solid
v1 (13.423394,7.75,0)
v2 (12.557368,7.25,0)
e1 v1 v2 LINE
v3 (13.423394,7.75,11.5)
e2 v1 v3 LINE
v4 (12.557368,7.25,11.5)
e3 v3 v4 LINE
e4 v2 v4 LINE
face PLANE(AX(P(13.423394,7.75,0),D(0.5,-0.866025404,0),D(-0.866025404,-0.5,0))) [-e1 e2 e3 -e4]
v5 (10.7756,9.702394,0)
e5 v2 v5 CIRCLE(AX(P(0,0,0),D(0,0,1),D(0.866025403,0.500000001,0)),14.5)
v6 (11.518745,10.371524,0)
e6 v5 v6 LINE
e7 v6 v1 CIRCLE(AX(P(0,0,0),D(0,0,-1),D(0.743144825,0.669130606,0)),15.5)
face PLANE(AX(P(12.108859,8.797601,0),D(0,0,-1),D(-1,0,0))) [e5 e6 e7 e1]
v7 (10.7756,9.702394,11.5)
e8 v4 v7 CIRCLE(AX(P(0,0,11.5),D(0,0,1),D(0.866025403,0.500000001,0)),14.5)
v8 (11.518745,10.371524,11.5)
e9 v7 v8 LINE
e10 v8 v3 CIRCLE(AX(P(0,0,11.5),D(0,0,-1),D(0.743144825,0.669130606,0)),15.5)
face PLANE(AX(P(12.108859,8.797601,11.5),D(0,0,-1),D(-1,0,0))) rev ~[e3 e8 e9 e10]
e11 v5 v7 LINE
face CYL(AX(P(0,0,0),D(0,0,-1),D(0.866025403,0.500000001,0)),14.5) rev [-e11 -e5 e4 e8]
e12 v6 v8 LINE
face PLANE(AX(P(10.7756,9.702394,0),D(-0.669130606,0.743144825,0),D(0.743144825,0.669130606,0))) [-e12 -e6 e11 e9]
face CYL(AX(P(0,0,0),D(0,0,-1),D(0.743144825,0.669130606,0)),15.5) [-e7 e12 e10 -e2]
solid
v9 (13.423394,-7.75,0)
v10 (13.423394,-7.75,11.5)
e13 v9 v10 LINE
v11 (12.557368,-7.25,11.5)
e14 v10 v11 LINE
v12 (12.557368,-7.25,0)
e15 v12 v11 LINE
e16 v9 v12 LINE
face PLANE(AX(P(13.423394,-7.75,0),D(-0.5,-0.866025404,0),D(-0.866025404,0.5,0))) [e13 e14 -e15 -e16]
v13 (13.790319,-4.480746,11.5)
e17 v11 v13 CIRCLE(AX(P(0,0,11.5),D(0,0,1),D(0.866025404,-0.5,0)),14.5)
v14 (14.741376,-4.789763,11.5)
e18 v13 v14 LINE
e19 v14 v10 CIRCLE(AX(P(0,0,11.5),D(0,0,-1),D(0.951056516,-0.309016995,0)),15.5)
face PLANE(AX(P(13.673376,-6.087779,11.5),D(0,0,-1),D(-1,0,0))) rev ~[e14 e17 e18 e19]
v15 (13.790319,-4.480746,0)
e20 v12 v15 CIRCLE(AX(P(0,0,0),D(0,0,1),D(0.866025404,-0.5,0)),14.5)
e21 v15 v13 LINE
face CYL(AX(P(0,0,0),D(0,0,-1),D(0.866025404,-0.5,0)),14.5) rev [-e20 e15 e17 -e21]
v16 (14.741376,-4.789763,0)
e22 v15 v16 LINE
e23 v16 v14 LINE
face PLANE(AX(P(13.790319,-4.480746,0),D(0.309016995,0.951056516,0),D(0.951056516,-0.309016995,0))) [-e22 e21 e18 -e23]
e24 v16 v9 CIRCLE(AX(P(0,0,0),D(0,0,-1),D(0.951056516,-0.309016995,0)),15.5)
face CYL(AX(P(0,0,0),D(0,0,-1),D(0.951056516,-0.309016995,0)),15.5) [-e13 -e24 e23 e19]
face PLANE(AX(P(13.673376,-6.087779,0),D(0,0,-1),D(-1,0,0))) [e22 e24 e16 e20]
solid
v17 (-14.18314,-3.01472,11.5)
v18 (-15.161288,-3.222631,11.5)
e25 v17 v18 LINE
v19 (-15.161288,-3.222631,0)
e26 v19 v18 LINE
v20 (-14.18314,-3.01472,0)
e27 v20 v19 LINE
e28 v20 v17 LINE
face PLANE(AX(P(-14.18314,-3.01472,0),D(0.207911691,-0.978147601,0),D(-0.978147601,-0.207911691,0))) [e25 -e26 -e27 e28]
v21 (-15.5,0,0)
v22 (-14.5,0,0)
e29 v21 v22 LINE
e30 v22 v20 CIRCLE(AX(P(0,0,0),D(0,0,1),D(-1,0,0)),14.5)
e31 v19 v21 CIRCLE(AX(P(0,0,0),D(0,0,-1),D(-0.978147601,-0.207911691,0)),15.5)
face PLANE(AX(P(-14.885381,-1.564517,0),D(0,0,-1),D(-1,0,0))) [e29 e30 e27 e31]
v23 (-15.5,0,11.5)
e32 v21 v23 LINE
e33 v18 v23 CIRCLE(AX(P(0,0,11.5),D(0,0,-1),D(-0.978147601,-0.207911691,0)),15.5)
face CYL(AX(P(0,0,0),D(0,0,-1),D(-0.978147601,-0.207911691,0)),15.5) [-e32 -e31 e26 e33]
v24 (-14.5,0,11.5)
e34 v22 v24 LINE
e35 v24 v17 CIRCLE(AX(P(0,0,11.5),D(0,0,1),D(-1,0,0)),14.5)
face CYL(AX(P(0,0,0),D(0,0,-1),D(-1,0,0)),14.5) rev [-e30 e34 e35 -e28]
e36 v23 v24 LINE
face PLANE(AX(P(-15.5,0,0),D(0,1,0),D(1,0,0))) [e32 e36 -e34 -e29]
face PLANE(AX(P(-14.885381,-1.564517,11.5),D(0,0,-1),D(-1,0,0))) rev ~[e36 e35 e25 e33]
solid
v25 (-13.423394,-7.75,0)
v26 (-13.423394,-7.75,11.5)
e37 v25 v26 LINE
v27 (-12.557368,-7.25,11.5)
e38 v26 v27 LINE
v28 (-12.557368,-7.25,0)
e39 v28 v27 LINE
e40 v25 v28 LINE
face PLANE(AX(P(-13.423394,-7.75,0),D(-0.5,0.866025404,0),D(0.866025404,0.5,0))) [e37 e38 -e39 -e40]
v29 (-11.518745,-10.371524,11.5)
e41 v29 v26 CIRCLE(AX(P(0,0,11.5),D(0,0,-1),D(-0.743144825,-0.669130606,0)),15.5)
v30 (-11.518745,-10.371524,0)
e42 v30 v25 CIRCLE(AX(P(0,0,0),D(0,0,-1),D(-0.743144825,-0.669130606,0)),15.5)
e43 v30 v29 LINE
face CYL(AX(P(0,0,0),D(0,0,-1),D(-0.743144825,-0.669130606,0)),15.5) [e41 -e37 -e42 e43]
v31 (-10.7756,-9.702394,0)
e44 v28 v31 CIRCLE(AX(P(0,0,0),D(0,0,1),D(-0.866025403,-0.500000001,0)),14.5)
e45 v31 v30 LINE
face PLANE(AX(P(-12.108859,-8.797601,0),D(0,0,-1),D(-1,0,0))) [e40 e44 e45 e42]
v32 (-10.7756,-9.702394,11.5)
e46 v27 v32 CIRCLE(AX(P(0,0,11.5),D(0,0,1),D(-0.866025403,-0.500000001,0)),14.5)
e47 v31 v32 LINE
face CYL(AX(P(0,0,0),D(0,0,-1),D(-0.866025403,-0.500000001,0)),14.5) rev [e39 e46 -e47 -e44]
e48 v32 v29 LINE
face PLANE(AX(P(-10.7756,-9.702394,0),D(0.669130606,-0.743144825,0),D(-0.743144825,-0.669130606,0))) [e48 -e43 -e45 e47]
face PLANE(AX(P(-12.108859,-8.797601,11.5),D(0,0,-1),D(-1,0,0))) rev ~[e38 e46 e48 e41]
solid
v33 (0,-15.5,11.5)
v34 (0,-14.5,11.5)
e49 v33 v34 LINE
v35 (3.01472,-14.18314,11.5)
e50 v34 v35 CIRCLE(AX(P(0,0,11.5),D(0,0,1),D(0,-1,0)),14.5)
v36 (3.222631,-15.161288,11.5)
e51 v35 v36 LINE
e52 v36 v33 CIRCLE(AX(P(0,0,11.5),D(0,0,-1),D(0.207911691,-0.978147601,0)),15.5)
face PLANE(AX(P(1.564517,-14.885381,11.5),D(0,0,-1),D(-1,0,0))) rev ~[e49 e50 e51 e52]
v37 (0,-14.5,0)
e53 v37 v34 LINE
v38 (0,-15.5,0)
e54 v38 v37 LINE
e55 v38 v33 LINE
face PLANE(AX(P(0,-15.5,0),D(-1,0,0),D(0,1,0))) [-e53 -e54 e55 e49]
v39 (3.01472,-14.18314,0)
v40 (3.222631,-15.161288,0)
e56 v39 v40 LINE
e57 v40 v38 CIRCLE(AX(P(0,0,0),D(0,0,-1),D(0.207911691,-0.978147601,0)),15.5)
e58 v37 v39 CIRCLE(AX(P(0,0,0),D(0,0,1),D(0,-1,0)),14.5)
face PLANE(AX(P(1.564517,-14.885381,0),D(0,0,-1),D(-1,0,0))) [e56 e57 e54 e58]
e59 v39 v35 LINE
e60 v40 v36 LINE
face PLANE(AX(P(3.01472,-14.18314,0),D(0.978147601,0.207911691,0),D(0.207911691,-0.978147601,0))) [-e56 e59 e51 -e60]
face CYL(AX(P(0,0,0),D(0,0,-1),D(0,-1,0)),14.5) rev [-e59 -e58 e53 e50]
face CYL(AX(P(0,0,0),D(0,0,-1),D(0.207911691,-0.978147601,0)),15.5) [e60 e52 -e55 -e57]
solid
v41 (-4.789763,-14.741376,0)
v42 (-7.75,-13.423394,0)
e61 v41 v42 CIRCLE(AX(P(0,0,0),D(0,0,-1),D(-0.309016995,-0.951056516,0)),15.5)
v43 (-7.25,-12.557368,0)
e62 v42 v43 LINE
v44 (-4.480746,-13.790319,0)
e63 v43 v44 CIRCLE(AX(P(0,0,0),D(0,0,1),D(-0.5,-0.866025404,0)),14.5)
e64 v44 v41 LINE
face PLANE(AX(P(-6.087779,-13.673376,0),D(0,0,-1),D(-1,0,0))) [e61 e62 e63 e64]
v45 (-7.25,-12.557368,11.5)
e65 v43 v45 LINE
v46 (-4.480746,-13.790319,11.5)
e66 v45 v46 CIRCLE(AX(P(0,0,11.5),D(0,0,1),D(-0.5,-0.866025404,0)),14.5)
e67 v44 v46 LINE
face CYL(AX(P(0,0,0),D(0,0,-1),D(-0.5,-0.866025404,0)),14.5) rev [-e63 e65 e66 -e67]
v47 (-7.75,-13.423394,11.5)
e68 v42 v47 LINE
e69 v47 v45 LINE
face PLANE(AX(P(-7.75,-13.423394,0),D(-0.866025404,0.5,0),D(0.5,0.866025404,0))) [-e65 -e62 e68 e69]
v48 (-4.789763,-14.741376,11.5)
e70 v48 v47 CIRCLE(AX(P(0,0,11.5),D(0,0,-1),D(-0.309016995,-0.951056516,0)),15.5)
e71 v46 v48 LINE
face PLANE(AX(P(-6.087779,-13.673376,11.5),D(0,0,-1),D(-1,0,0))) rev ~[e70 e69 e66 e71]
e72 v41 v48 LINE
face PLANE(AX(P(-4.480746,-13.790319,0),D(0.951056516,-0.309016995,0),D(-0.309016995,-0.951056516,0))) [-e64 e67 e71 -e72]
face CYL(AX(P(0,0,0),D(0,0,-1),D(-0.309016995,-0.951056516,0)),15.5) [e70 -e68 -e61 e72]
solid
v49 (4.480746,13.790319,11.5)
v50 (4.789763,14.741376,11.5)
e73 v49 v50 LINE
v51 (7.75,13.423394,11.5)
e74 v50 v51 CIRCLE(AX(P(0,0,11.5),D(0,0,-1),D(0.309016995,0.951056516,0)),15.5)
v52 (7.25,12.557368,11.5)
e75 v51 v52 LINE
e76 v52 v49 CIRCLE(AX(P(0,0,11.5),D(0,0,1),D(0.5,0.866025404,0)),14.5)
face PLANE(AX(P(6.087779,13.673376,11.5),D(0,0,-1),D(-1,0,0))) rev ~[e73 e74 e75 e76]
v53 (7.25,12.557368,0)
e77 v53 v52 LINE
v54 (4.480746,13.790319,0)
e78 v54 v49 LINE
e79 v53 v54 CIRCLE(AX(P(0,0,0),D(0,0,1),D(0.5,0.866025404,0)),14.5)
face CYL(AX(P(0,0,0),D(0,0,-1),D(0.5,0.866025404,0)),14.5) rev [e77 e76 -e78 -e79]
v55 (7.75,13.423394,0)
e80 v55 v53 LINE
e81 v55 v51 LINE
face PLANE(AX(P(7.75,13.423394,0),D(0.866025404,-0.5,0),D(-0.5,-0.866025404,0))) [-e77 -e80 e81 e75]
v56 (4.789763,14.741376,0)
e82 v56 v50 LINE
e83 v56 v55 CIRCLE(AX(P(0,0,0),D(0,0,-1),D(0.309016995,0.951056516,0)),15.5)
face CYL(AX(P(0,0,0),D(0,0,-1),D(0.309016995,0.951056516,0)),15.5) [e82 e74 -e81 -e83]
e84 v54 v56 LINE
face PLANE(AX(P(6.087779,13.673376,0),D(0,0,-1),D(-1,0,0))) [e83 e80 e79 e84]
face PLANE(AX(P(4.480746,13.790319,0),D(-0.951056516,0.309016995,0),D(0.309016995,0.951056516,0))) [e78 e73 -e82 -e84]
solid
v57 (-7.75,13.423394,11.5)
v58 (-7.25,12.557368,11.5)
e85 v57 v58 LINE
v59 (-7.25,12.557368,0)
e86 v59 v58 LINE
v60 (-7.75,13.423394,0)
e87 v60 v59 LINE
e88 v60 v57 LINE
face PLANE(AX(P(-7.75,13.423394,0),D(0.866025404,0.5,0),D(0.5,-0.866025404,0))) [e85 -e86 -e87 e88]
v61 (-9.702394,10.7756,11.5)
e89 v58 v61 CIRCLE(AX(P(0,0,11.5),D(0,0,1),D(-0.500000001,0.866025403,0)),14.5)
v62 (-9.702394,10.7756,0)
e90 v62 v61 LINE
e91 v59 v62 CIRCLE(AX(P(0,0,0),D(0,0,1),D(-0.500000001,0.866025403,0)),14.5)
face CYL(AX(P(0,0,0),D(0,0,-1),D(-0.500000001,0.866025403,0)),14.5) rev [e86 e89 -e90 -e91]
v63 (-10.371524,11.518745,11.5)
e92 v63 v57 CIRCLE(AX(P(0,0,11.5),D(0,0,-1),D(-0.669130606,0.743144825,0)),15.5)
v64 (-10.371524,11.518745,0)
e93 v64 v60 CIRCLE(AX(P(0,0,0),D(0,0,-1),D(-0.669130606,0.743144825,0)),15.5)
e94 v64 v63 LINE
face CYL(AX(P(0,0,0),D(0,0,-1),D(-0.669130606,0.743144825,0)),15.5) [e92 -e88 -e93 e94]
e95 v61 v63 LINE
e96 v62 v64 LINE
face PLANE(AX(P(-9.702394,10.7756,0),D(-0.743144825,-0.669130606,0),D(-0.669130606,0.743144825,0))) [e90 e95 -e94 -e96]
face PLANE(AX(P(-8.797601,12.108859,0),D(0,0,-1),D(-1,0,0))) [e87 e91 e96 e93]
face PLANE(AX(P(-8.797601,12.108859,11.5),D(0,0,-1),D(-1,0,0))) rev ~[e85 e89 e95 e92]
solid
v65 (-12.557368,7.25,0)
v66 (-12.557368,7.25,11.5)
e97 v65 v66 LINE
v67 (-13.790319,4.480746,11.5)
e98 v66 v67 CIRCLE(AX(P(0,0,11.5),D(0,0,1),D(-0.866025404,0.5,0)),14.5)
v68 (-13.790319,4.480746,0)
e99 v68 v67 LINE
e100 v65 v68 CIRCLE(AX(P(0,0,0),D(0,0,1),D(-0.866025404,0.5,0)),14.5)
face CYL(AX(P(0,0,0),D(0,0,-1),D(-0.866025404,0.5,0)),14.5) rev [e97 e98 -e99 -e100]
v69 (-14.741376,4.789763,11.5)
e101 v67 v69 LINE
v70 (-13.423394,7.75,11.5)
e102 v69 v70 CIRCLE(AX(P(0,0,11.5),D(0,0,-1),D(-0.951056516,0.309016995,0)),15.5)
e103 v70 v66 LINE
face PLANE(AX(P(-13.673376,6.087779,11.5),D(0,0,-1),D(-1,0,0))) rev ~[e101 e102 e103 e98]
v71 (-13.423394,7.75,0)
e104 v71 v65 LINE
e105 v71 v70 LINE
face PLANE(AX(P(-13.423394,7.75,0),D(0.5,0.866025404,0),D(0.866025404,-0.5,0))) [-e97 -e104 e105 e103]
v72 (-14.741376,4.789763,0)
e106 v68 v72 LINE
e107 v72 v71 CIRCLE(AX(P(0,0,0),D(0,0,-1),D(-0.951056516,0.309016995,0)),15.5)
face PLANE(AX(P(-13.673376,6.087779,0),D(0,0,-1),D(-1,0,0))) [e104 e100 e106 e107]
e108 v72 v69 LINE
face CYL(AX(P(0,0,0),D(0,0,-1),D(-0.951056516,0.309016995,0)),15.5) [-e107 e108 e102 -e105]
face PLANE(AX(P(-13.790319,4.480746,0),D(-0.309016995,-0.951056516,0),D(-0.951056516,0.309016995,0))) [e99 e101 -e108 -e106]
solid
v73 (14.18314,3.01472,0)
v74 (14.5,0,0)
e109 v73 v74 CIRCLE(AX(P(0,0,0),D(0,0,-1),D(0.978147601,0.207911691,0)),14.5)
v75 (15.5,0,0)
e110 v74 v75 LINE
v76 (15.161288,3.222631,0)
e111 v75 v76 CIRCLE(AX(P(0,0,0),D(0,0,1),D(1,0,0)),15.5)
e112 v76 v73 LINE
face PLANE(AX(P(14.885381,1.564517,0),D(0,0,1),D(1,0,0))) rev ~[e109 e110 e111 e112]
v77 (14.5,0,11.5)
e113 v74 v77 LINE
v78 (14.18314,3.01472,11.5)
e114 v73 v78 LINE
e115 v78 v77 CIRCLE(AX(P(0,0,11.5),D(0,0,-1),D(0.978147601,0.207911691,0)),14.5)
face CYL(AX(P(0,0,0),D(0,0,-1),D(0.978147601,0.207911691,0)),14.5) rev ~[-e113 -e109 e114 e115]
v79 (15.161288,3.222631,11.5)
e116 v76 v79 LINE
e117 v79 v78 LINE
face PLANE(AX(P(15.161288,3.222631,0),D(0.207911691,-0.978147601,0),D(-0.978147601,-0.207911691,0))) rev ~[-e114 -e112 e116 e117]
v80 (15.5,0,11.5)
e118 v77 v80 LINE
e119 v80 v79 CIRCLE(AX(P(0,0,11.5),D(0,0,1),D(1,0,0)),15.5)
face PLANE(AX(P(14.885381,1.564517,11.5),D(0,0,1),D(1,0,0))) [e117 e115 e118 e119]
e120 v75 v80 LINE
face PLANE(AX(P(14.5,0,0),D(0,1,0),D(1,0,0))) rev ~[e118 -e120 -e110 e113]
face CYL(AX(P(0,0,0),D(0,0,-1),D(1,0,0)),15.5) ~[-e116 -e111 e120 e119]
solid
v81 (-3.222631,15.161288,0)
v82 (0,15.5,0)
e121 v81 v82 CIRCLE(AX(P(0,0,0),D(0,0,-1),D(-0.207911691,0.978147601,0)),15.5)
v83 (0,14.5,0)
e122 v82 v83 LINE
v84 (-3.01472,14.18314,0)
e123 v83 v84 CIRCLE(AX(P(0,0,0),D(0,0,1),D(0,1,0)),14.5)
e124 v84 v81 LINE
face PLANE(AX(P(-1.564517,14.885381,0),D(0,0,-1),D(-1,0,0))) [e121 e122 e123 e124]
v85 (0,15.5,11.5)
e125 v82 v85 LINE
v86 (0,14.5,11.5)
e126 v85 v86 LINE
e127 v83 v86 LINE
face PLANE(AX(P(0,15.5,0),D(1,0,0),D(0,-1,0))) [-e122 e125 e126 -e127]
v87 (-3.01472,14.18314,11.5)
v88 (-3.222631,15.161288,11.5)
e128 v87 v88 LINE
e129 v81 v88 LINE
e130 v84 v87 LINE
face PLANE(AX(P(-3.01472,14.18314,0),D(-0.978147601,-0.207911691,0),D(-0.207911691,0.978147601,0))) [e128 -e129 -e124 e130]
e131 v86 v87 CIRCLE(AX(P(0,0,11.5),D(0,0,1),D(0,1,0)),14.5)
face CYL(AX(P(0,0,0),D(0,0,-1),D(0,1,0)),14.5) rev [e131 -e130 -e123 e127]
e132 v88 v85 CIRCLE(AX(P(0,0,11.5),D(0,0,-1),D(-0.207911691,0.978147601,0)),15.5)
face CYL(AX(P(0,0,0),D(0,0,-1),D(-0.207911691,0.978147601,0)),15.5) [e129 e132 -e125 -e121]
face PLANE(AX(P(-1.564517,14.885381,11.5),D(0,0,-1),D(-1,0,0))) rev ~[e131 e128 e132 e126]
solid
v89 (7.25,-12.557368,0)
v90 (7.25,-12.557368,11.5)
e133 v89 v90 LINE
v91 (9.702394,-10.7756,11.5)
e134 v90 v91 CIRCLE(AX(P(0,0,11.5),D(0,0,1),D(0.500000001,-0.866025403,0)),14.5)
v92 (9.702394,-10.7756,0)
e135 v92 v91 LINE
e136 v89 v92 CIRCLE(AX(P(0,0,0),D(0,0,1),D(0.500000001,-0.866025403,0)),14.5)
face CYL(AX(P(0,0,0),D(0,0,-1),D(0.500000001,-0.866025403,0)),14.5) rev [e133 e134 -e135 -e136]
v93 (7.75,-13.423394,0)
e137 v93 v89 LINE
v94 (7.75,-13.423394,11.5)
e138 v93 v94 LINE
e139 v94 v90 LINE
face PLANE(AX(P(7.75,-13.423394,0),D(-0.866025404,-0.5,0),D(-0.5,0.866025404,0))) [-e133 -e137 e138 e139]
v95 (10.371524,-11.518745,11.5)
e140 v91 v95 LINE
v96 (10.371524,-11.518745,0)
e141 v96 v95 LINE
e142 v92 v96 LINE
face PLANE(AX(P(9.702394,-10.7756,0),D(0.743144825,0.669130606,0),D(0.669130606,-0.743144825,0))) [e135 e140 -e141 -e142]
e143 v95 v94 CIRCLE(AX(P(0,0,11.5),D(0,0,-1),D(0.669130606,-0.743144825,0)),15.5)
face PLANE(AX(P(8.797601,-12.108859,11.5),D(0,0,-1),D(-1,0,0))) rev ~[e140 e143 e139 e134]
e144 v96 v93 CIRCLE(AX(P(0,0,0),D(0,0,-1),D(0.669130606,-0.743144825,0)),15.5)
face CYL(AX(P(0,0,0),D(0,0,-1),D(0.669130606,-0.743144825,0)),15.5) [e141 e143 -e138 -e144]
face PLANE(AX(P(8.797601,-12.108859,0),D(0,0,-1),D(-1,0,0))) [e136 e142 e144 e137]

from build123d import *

# Parameters (mm, degrees)
BOSS_EXTRU_1_DEPTH    = 11.5
BOSS_EXTRU_1_2_DEPTH  = 11.5
BOSS_EXTRU_1_3_DEPTH  = 11.5
BOSS_EXTRU_1_4_DEPTH  = 11.5
BOSS_EXTRU_1_5_DEPTH  = 11.5
BOSS_EXTRU_1_6_DEPTH  = 11.5
BOSS_EXTRU_1_7_DEPTH  = 11.5
BOSS_EXTRU_1_8_DEPTH  = 11.5
BOSS_EXTRU_1_9_DEPTH  = 11.5
BOSS_EXTRU_1_10_DEPTH = 11.5
BOSS_EXTRU_1_11_DEPTH = 11.5
BOSS_EXTRU_1_12_DEPTH = 11.5


with BuildPart() as part:
    # Esquisse1 → Boss.-Extru.1 (new body)
    with BuildSketch(Plane.XY):
        with BuildLine():
            Line((14.5, 0), (15.5, 0))
            ThreePointArc((15.5, 0), (15.415089378, 1.620191181), (15.161287811, 3.222631208))
            Line((15.161287811, 3.222631208), (14.183140211, 3.014719517))
            ThreePointArc((14.183140211, 3.014719517), (14.420567483, 1.515662717), (14.5, 0))
        make_face()
    extrude(amount=BOSS_EXTRU_1_DEPTH)


with BuildPart() as body_2:
    # Esquisse1 → Boss.-Extru.1 2 (new body)
    with BuildSketch(Plane.XY):
        with BuildLine():
            Line((13.790319486, -4.480746418), (14.741376003, -4.789763413))
            ThreePointArc((14.741376003, -4.789763413), (14.159954593, -6.304417968), (13.423393759, -7.75))
            Line((13.423393759, -7.75), (12.557368355, -7.25))
            ThreePointArc((12.557368355, -7.25), (13.246409136, -5.897681325), (13.790319486, -4.480746418))
        make_face()
    extrude(amount=BOSS_EXTRU_1_2_DEPTH)


with BuildPart() as body_3:
    # Esquisse1 → Boss.-Extru.1 3 (new body)
    with BuildSketch(Plane.XY):
        with BuildLine():
            Line((9.702393792, -10.775599969), (10.371524399, -11.518744795))
            ThreePointArc((10.371524399, -11.518744795), (9.110671411, -12.539763413), (7.75, -13.423393759))
            Line((7.75, -13.423393759), (7.25, -12.557368355))
            ThreePointArc((7.25, -12.557368355), (8.522886158, -11.730746418), (9.702393792, -10.775599969))
        make_face()
    extrude(amount=BOSS_EXTRU_1_3_DEPTH)


with BuildPart() as body_4:
    # Esquisse1 → Boss.-Extru.1 4 (new body)
    with BuildSketch(Plane.XY):
        with BuildLine():
            Line((3.014719517, -14.183140211), (3.222631208, -15.161287811))
            ThreePointArc((3.222631208, -15.161287811), (1.620191181, -15.415089378), (0, -15.5))
            Line((0, -15.5), (0, -14.5))
            ThreePointArc((0, -14.5), (1.515662717, -14.420567483), (3.014719517, -14.183140211))
        make_face()
    extrude(amount=BOSS_EXTRU_1_4_DEPTH)


with BuildPart() as body_5:
    # Esquisse1 → Boss.-Extru.1 5 (new body)
    with BuildSketch(Plane.XY):
        with BuildLine():
            Line((-4.480746418, -13.790319486), (-4.789763413, -14.741376003))
            ThreePointArc((-4.789763413, -14.741376003), (-6.304417968, -14.159954593), (-7.75, -13.423393759))
            Line((-7.75, -13.423393759), (-7.25, -12.557368355))
            ThreePointArc((-7.25, -12.557368355), (-5.897681325, -13.246409136), (-4.480746418, -13.790319486))
        make_face()
    extrude(amount=BOSS_EXTRU_1_5_DEPTH)


with BuildPart() as body_6:
    # Esquisse1 → Boss.-Extru.1 6 (new body)
    with BuildSketch(Plane.XY):
        with BuildLine():
            Line((-10.775599969, -9.702393792), (-11.518744795, -10.371524399))
            ThreePointArc((-11.518744795, -10.371524399), (-12.539763413, -9.110671411), (-13.423393759, -7.75))
            Line((-13.423393759, -7.75), (-12.557368355, -7.25))
            ThreePointArc((-12.557368355, -7.25), (-11.730746418, -8.522886158), (-10.775599969, -9.702393792))
        make_face()
    extrude(amount=BOSS_EXTRU_1_6_DEPTH)


with BuildPart() as body_7:
    # Esquisse1 → Boss.-Extru.1 7 (new body)
    with BuildSketch(Plane.XY):
        with BuildLine():
            Line((-14.183140211, -3.014719517), (-15.161287811, -3.222631208))
            ThreePointArc((-15.161287811, -3.222631208), (-15.415089378, -1.620191181), (-15.5, 0))
            Line((-15.5, 0), (-14.5, 0))
            ThreePointArc((-14.5, 0), (-14.420567483, -1.515662717), (-14.183140211, -3.014719517))
        make_face()
    extrude(amount=BOSS_EXTRU_1_7_DEPTH)


with BuildPart() as body_8:
    # Esquisse1 → Boss.-Extru.1 8 (new body)
    with BuildSketch(Plane.XY):
        with BuildLine():
            Line((-13.790319486, 4.480746418), (-14.741376003, 4.789763413))
            ThreePointArc((-14.741376003, 4.789763413), (-14.159954593, 6.304417968), (-13.423393759, 7.75))
            Line((-13.423393759, 7.75), (-12.557368355, 7.25))
            ThreePointArc((-12.557368355, 7.25), (-13.246409136, 5.897681325), (-13.790319486, 4.480746418))
        make_face()
    extrude(amount=BOSS_EXTRU_1_8_DEPTH)


with BuildPart() as body_9:
    # Esquisse1 → Boss.-Extru.1 9 (new body)
    with BuildSketch(Plane.XY):
        with BuildLine():
            Line((-9.702393792, 10.775599969), (-10.371524399, 11.518744795))
            ThreePointArc((-10.371524399, 11.518744795), (-9.110671411, 12.539763413), (-7.75, 13.423393759))
            Line((-7.75, 13.423393759), (-7.25, 12.557368355))
            ThreePointArc((-7.25, 12.557368355), (-8.522886158, 11.730746418), (-9.702393792, 10.775599969))
        make_face()
    extrude(amount=BOSS_EXTRU_1_9_DEPTH)


with BuildPart() as body_10:
    # Esquisse1 → Boss.-Extru.1 10 (new body)
    with BuildSketch(Plane.XY):
        with BuildLine():
            Line((-3.014719517, 14.183140211), (-3.222631208, 15.161287811))
            ThreePointArc((-3.222631208, 15.161287811), (-1.620191181, 15.415089378), (0, 15.5))
            Line((0, 15.5), (0, 14.5))
            ThreePointArc((0, 14.5), (-1.515662717, 14.420567483), (-3.014719517, 14.183140211))
        make_face()
    extrude(amount=BOSS_EXTRU_1_10_DEPTH)


with BuildPart() as body_11:
    # Esquisse1 → Boss.-Extru.1 11 (new body)
    with BuildSketch(Plane.XY):
        with BuildLine():
            Line((4.480746418, 13.790319486), (4.789763413, 14.741376003))
            ThreePointArc((4.789763413, 14.741376003), (6.304417968, 14.159954593), (7.75, 13.423393759))
            Line((7.75, 13.423393759), (7.25, 12.557368355))
            ThreePointArc((7.25, 12.557368355), (5.897681325, 13.246409136), (4.480746418, 13.790319486))
        make_face()
    extrude(amount=BOSS_EXTRU_1_11_DEPTH)


with BuildPart() as body_12:
    # Esquisse1 → Boss.-Extru.1 12 (new body)
    with BuildSketch(Plane.XY):
        with BuildLine():
            Line((10.775599969, 9.702393792), (11.518744795, 10.371524399))
            ThreePointArc((11.518744795, 10.371524399), (12.539763413, 9.110671411), (13.423393759, 7.75))
            Line((13.423393759, 7.75), (12.557368355, 7.25))
            ThreePointArc((12.557368355, 7.25), (11.730746418, 8.522886158), (10.775599969, 9.702393792))
        make_face()
    extrude(amount=BOSS_EXTRU_1_12_DEPTH)


solid = Compound([part.part, body_2.part, body_3.part, body_4.part, body_5.part, body_6.part, body_7.part, body_8.part, body_9.part, body_10.part, body_11.part, body_12.part])
